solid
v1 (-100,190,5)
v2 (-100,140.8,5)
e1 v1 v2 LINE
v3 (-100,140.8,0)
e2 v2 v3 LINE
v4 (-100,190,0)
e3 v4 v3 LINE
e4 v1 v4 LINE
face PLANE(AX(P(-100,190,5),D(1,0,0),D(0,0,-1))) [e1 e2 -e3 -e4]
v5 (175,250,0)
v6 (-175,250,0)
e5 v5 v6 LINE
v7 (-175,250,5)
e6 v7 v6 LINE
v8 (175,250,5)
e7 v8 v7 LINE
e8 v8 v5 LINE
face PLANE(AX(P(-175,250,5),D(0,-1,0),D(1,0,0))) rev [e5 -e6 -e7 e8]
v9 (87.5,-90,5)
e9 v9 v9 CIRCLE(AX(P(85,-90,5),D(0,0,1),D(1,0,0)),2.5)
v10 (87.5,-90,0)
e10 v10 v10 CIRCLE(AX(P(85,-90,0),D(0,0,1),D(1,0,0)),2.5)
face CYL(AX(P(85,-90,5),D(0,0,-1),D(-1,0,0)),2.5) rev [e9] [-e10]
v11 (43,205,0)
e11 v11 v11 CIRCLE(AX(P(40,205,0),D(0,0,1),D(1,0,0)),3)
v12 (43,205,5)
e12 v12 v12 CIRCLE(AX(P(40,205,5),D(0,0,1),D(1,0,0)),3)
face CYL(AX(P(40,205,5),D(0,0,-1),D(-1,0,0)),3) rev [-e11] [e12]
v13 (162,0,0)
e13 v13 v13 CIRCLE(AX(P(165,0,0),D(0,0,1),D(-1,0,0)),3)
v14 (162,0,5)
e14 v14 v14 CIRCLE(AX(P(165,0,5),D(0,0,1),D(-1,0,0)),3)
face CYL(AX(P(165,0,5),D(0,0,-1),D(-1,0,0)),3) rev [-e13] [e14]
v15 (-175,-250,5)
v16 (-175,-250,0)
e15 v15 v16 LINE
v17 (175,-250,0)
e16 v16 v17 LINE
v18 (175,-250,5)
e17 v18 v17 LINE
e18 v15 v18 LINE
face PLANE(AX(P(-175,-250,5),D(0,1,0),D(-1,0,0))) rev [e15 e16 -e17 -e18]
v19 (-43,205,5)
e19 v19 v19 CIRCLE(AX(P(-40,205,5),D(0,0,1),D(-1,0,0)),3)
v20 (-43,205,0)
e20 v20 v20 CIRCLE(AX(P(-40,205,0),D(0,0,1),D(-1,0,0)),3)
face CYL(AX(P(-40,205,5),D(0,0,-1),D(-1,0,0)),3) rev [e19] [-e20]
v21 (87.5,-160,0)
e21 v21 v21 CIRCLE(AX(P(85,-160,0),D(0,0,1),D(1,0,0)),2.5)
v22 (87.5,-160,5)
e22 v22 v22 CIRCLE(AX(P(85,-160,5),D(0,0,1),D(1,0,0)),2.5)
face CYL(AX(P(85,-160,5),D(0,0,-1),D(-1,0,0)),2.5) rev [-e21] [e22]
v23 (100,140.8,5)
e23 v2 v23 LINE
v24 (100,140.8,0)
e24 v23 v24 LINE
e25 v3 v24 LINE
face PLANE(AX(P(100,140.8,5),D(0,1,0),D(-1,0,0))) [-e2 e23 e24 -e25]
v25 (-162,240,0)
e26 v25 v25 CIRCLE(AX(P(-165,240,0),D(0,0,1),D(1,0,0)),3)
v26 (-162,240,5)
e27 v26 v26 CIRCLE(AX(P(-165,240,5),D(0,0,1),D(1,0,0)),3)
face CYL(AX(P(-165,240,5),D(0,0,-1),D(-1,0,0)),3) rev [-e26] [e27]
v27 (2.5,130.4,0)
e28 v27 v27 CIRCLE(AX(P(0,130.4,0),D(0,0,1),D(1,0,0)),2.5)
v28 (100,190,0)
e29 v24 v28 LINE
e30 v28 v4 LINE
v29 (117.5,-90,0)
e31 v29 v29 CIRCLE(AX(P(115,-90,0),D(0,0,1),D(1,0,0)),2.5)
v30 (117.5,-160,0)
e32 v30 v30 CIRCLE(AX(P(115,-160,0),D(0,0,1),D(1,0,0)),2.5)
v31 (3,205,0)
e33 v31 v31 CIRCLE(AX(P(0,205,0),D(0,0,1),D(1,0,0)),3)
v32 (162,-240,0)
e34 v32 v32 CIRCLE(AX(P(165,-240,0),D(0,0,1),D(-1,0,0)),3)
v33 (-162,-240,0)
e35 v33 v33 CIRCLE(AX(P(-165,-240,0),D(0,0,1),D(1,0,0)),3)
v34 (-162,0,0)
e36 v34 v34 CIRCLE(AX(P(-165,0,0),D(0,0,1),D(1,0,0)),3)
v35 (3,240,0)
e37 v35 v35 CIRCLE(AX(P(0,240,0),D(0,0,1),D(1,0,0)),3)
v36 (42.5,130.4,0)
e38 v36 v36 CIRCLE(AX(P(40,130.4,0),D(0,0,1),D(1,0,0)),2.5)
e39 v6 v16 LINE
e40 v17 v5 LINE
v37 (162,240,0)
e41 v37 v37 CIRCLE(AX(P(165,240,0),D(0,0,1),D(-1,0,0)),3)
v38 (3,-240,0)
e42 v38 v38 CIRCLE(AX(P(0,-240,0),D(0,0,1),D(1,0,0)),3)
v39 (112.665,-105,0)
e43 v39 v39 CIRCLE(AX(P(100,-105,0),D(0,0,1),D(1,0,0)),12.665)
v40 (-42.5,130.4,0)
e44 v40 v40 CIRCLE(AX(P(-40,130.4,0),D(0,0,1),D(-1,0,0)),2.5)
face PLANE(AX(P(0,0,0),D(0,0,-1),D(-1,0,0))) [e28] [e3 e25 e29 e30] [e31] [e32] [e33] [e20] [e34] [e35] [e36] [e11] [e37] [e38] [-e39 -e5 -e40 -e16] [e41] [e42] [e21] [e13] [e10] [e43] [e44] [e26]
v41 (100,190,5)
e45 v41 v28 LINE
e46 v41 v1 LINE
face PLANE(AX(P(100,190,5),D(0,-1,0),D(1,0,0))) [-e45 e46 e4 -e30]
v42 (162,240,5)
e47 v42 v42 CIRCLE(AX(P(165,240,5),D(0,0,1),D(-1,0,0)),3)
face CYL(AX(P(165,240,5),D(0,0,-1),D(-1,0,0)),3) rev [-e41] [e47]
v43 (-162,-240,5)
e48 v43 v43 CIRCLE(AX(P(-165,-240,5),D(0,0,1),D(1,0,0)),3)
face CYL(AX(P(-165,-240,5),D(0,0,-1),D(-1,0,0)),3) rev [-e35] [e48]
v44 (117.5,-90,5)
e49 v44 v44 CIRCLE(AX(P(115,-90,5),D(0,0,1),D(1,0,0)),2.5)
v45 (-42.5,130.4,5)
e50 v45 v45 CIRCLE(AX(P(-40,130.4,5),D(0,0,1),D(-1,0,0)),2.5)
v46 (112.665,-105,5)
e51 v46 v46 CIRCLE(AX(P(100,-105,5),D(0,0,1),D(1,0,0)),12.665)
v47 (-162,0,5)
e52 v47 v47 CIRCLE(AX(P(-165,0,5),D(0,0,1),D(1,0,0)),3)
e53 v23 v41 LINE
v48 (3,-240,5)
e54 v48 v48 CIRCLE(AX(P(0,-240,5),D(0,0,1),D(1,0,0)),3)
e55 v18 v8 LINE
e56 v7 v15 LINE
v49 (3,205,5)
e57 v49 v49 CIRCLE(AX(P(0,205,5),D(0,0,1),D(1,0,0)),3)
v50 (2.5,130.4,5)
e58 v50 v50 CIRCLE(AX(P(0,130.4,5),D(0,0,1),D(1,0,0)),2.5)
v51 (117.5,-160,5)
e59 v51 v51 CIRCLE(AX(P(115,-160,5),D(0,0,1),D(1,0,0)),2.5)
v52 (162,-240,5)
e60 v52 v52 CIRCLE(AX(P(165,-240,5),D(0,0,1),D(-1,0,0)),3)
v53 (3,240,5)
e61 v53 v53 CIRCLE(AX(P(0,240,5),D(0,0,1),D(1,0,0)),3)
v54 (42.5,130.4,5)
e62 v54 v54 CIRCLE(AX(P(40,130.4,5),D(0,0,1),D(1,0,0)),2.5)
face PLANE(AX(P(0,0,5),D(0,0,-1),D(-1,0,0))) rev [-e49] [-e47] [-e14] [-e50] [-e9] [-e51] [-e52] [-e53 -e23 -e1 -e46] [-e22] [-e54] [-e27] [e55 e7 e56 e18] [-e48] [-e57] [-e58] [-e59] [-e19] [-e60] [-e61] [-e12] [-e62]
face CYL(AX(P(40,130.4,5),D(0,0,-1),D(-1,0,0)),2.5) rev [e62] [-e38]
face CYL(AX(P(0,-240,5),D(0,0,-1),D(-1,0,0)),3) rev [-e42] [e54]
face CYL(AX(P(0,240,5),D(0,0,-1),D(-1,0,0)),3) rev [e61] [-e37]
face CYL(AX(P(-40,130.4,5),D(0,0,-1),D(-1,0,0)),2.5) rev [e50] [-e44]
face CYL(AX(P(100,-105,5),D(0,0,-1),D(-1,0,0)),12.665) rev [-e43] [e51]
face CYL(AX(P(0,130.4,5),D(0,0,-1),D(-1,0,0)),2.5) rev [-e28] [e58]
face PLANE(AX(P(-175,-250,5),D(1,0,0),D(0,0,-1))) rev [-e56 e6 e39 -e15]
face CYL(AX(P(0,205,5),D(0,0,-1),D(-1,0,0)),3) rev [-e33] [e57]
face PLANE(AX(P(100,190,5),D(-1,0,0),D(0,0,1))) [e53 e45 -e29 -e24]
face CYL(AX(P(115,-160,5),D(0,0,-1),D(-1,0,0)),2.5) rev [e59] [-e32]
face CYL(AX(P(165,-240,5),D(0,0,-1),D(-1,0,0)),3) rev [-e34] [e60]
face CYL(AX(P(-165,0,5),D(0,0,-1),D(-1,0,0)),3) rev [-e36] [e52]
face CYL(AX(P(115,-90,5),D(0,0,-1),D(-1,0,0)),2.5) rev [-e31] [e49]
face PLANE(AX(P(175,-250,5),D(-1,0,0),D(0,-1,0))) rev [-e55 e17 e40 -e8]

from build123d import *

# Parameters (mm, degrees)
SKETCH1_W           = 350
SKETCH1_H           = 500
SKETCH1_R           = 3
SKETCH1_R_2         = 2.5
SKETCH1_R_3         = 12.665
SKETCH1_W_2         = 200
SKETCH1_H_2         = 49.2
BOSS_EXTRUDE1_DEPTH = 5


with BuildPart() as part:
    # Sketch1 → Boss-Extrude1 (new body)
    with BuildSketch(Plane.XY):
        Rectangle(SKETCH1_W, SKETCH1_H)
        with Locations((-165, 0)):
            Circle(SKETCH1_R, mode=Mode.SUBTRACT)
        with Locations((165, -240)):
            Circle(SKETCH1_R, mode=Mode.SUBTRACT)
        with Locations((165, 0)):
            Circle(SKETCH1_R, mode=Mode.SUBTRACT)
        with Locations((165, 240)):
            Circle(SKETCH1_R, mode=Mode.SUBTRACT)
        with Locations((0, 240)):
            Circle(SKETCH1_R, mode=Mode.SUBTRACT)
        with Locations((0, -240)):
            Circle(SKETCH1_R, mode=Mode.SUBTRACT)
        with Locations((-165, 240)):
            Circle(SKETCH1_R, mode=Mode.SUBTRACT)
        with Locations((-165, -240)):
            Circle(SKETCH1_R, mode=Mode.SUBTRACT)
        with Locations((40, 205)):
            Circle(SKETCH1_R, mode=Mode.SUBTRACT)
        with Locations((0, 205)):
            Circle(SKETCH1_R, mode=Mode.SUBTRACT)
        with Locations((-40, 205)):
            Circle(SKETCH1_R, mode=Mode.SUBTRACT)
        with Locations((0, 130.4)):
            Circle(SKETCH1_R_2, mode=Mode.SUBTRACT)
        with Locations((40, 130.4)):
            Circle(SKETCH1_R_2, mode=Mode.SUBTRACT)
        with Locations((-40, 130.4)):
            Circle(SKETCH1_R_2, mode=Mode.SUBTRACT)
        with Locations((115, -90)):
            Circle(SKETCH1_R_2, mode=Mode.SUBTRACT)
        with Locations((85, -90)):
            Circle(SKETCH1_R_2, mode=Mode.SUBTRACT)
        with Locations((115, -160)):
            Circle(SKETCH1_R_2, mode=Mode.SUBTRACT)
        with Locations((85, -160)):
            Circle(SKETCH1_R_2, mode=Mode.SUBTRACT)
        with Locations((100, -105)):
            Circle(SKETCH1_R_3, mode=Mode.SUBTRACT)
        with Locations((0, 165.4)):
            Rectangle(SKETCH1_W_2, SKETCH1_H_2, mode=Mode.SUBTRACT)
    extrude(amount=BOSS_EXTRUDE1_DEPTH)


solid = part.part
